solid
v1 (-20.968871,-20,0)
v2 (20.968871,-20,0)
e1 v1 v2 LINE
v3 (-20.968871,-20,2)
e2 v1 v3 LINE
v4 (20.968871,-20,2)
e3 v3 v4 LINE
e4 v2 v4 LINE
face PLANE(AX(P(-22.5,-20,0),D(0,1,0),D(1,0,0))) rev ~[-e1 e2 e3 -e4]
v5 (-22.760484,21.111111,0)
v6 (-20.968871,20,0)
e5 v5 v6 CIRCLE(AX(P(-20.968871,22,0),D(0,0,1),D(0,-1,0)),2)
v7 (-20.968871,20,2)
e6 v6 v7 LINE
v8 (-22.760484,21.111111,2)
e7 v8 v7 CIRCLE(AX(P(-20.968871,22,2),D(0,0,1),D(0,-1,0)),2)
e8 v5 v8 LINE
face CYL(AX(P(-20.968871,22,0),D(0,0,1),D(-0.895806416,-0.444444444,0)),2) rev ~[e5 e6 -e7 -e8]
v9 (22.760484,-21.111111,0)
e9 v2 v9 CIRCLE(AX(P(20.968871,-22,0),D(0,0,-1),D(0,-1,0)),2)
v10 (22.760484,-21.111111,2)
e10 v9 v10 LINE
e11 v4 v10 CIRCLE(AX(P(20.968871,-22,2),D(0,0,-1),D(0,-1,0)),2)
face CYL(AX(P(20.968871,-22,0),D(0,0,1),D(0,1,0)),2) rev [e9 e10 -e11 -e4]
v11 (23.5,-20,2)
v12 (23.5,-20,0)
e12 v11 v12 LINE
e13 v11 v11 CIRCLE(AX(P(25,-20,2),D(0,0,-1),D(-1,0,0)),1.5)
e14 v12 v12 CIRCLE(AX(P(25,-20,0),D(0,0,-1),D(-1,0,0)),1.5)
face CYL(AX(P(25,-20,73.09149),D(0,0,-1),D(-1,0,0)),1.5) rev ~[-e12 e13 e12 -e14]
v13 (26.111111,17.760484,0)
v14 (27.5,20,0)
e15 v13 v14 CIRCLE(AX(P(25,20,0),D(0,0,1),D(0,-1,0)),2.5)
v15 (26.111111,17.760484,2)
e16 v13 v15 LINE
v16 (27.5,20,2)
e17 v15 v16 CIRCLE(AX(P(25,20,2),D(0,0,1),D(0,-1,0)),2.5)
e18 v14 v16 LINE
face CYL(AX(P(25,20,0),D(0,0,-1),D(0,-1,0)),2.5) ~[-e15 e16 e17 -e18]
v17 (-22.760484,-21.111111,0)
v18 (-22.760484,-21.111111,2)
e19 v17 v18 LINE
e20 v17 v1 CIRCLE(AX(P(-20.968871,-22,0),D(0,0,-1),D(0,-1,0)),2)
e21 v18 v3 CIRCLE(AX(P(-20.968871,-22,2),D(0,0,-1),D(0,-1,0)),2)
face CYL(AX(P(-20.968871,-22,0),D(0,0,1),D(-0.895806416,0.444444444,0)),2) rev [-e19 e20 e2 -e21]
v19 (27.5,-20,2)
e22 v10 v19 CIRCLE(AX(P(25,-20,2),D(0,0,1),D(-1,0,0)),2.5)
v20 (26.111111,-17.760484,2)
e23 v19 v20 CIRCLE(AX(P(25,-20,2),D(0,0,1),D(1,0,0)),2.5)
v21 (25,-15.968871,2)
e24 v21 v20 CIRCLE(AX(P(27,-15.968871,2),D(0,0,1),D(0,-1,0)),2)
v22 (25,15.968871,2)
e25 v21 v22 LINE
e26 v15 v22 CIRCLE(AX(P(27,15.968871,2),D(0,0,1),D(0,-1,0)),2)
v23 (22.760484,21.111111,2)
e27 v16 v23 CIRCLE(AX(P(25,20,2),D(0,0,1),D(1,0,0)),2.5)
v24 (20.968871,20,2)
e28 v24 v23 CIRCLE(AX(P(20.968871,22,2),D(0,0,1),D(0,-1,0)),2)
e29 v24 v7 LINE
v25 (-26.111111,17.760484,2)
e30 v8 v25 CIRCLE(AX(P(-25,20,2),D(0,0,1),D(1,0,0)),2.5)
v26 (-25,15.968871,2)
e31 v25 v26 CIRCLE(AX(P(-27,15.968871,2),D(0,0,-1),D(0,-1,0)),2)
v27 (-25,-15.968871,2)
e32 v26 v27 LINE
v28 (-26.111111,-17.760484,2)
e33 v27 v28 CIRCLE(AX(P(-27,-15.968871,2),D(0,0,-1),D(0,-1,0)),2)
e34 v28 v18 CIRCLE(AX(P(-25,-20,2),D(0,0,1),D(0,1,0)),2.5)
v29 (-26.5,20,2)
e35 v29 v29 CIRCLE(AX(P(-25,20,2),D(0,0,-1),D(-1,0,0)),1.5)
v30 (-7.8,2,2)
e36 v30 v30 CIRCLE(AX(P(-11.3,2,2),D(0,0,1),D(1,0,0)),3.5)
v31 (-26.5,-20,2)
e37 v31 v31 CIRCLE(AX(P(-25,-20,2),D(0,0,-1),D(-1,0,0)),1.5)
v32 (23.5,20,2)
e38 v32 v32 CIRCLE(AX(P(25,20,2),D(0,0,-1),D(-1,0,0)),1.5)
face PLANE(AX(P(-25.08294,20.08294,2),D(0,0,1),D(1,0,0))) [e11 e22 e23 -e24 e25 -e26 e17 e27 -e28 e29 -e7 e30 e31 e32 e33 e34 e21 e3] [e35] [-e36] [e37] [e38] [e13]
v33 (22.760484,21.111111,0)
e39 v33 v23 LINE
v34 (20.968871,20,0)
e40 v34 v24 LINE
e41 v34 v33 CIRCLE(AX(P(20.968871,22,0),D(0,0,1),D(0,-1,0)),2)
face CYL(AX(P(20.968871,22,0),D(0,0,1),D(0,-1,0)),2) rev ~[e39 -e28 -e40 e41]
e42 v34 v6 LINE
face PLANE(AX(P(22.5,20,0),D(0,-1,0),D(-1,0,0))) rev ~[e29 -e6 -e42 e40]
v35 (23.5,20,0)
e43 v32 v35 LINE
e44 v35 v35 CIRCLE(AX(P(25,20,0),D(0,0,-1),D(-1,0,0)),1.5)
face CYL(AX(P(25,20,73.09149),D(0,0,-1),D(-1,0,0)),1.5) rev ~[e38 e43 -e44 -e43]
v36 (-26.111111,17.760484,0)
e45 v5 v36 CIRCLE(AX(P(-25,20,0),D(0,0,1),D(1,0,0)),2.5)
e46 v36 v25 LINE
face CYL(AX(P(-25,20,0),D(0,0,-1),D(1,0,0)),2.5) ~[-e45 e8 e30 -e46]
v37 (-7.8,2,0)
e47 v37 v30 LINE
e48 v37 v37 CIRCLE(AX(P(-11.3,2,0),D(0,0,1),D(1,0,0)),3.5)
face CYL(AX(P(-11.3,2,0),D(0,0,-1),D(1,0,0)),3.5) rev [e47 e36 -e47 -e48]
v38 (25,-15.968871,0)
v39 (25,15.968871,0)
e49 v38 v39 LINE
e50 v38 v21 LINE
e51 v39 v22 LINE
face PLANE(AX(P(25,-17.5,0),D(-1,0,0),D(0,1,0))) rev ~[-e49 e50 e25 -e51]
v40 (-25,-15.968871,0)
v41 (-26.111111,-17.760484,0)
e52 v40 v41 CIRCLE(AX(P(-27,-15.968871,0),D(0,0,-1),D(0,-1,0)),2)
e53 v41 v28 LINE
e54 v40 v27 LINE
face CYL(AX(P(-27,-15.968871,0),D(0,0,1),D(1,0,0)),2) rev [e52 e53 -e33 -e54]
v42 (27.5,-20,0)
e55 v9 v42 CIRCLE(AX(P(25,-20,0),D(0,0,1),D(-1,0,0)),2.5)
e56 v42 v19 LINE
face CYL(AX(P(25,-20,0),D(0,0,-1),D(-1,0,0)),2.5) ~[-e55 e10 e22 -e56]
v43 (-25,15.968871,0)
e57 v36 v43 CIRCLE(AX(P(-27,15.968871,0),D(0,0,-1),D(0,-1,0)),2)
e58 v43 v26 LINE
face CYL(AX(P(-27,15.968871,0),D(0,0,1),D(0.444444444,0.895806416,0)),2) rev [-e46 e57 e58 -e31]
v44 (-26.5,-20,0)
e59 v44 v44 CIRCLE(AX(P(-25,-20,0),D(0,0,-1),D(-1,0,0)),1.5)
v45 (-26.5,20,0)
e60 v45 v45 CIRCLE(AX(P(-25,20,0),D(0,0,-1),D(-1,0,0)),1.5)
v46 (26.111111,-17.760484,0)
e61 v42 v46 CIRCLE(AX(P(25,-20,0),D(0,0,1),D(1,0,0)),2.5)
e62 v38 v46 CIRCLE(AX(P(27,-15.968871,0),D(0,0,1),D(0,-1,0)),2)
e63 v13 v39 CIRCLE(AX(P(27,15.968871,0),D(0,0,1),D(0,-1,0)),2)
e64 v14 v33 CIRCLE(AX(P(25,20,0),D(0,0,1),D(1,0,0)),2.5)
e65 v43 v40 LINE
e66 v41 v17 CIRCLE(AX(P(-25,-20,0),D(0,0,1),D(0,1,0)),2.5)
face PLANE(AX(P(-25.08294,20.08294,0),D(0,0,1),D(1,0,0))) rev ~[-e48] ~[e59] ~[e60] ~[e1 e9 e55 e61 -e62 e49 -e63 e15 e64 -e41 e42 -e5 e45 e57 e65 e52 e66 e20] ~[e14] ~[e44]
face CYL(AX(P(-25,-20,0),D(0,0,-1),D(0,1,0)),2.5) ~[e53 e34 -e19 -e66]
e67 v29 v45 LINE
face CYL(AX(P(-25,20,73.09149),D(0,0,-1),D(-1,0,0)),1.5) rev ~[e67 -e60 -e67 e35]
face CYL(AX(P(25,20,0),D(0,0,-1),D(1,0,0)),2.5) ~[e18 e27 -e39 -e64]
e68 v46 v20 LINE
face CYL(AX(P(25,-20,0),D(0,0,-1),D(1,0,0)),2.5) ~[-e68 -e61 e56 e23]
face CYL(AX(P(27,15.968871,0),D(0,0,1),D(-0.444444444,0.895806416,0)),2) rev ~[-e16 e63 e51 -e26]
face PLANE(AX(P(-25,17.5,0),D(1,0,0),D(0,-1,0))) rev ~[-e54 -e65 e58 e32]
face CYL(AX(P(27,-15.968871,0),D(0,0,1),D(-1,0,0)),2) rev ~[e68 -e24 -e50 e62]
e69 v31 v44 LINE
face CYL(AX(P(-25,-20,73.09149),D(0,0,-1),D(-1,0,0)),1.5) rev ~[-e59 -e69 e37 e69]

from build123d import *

# Parameters (mm, degrees)
F0_R     = 3.5
F1_DEPTH = 2
F3_D     = 3
F4_R     = 2


with BuildPart() as f1:
    # F0 (on Top) → F1 (new body)
    with BuildSketch(Plane.XY):
        with BuildLine():
            Line((-25, 17.5), (-25, 20))
            Line((-25, 20), (-22.5, 20))
            ThreePointArc((-22.5, 20), (-26.767766953, 21.767766953), (-25, 17.5))
        make_face()
        with BuildLine():
            Line((-22.5, 20), (-25, 20))
            Line((-25, 20), (-25, 17.5))
            ThreePointArc((-25, 17.5), (-23.232233047, 18.232233047), (-22.5, 20))
        make_face()
        with BuildLine():
            Line((22.5, 20), (-22.5, 20))
            ThreePointArc((-22.5, 20), (-23.232233047, 18.232233047), (-25, 17.5))
            Line((-25, 17.5), (-25, -17.5))
            ThreePointArc((-25, -17.5), (-23.232233047, -18.232233047), (-22.5, -20))
            Line((-22.5, -20), (22.5, -20))
            ThreePointArc((22.5, -20), (23.232233047, -18.232233047), (25, -17.5))
            Line((25, -17.5), (25, 17.5))
            ThreePointArc((25, 17.5), (23.232233047, 18.232233047), (22.5, 20))
        make_face()
        with Locations((-11.3, 2)):
            Circle(F0_R, mode=Mode.SUBTRACT)
        with BuildLine():
            ThreePointArc((27.5, 20), (25, 22.5), (22.5, 20))
            Line((22.5, 20), (25, 20))
            Line((25, 20), (25, 17.5))
            ThreePointArc((25, 17.5), (26.767766953, 18.232233047), (27.5, 20))
        make_face()
        with BuildLine():
            Line((25, 20), (22.5, 20))
            ThreePointArc((22.5, 20), (23.232233047, 18.232233047), (25, 17.5))
            Line((25, 17.5), (25, 20))
        make_face()
        with BuildLine():
            ThreePointArc((-22.5, -20), (-23.232233047, -18.232233047), (-25, -17.5))
            Line((-25, -17.5), (-25, -20))
            Line((-25, -20), (-22.5, -20))
        make_face()
        with BuildLine():
            Line((-25, -20), (-25, -17.5))
            ThreePointArc((-25, -17.5), (-26.767766953, -21.767766953), (-22.5, -20))
            Line((-22.5, -20), (-25, -20))
        make_face()
        with BuildLine():
            ThreePointArc((27.5, -20), (26.767766953, -18.232233047), (25, -17.5))
            Line((25, -17.5), (25, -20))
            Line((25, -20), (22.5, -20))
            ThreePointArc((22.5, -20), (25, -22.5), (27.5, -20))
        make_face()
        with BuildLine():
            Line((25, -20), (25, -17.5))
            ThreePointArc((25, -17.5), (23.232233047, -18.232233047), (22.5, -20))
            Line((22.5, -20), (25, -20))
        make_face()
    extrude(amount=F1_DEPTH)

    # F3 (through all)
    with Locations(Plane.XY.offset(2)):
        with Locations((-25, 20), (-25, -20), (25, 20), (25, -20)):
            Hole(F3_D / 2)

    # F4
    f4_edges = [f1.edges().sort_by_distance(p)[0] for p in [
        (-25, 17.5, 1),
        (-22.5, 20, 1),
        (22.5, 20, 1),
        (25, 17.5, 1),
        (25, -17.5, 1),
        (22.5, -20, 1),
        (-22.5, -20, 1),
        (-25, -17.5, 1),
    ]]
    fillet(f4_edges, radius=F4_R)


solid = f1.part
